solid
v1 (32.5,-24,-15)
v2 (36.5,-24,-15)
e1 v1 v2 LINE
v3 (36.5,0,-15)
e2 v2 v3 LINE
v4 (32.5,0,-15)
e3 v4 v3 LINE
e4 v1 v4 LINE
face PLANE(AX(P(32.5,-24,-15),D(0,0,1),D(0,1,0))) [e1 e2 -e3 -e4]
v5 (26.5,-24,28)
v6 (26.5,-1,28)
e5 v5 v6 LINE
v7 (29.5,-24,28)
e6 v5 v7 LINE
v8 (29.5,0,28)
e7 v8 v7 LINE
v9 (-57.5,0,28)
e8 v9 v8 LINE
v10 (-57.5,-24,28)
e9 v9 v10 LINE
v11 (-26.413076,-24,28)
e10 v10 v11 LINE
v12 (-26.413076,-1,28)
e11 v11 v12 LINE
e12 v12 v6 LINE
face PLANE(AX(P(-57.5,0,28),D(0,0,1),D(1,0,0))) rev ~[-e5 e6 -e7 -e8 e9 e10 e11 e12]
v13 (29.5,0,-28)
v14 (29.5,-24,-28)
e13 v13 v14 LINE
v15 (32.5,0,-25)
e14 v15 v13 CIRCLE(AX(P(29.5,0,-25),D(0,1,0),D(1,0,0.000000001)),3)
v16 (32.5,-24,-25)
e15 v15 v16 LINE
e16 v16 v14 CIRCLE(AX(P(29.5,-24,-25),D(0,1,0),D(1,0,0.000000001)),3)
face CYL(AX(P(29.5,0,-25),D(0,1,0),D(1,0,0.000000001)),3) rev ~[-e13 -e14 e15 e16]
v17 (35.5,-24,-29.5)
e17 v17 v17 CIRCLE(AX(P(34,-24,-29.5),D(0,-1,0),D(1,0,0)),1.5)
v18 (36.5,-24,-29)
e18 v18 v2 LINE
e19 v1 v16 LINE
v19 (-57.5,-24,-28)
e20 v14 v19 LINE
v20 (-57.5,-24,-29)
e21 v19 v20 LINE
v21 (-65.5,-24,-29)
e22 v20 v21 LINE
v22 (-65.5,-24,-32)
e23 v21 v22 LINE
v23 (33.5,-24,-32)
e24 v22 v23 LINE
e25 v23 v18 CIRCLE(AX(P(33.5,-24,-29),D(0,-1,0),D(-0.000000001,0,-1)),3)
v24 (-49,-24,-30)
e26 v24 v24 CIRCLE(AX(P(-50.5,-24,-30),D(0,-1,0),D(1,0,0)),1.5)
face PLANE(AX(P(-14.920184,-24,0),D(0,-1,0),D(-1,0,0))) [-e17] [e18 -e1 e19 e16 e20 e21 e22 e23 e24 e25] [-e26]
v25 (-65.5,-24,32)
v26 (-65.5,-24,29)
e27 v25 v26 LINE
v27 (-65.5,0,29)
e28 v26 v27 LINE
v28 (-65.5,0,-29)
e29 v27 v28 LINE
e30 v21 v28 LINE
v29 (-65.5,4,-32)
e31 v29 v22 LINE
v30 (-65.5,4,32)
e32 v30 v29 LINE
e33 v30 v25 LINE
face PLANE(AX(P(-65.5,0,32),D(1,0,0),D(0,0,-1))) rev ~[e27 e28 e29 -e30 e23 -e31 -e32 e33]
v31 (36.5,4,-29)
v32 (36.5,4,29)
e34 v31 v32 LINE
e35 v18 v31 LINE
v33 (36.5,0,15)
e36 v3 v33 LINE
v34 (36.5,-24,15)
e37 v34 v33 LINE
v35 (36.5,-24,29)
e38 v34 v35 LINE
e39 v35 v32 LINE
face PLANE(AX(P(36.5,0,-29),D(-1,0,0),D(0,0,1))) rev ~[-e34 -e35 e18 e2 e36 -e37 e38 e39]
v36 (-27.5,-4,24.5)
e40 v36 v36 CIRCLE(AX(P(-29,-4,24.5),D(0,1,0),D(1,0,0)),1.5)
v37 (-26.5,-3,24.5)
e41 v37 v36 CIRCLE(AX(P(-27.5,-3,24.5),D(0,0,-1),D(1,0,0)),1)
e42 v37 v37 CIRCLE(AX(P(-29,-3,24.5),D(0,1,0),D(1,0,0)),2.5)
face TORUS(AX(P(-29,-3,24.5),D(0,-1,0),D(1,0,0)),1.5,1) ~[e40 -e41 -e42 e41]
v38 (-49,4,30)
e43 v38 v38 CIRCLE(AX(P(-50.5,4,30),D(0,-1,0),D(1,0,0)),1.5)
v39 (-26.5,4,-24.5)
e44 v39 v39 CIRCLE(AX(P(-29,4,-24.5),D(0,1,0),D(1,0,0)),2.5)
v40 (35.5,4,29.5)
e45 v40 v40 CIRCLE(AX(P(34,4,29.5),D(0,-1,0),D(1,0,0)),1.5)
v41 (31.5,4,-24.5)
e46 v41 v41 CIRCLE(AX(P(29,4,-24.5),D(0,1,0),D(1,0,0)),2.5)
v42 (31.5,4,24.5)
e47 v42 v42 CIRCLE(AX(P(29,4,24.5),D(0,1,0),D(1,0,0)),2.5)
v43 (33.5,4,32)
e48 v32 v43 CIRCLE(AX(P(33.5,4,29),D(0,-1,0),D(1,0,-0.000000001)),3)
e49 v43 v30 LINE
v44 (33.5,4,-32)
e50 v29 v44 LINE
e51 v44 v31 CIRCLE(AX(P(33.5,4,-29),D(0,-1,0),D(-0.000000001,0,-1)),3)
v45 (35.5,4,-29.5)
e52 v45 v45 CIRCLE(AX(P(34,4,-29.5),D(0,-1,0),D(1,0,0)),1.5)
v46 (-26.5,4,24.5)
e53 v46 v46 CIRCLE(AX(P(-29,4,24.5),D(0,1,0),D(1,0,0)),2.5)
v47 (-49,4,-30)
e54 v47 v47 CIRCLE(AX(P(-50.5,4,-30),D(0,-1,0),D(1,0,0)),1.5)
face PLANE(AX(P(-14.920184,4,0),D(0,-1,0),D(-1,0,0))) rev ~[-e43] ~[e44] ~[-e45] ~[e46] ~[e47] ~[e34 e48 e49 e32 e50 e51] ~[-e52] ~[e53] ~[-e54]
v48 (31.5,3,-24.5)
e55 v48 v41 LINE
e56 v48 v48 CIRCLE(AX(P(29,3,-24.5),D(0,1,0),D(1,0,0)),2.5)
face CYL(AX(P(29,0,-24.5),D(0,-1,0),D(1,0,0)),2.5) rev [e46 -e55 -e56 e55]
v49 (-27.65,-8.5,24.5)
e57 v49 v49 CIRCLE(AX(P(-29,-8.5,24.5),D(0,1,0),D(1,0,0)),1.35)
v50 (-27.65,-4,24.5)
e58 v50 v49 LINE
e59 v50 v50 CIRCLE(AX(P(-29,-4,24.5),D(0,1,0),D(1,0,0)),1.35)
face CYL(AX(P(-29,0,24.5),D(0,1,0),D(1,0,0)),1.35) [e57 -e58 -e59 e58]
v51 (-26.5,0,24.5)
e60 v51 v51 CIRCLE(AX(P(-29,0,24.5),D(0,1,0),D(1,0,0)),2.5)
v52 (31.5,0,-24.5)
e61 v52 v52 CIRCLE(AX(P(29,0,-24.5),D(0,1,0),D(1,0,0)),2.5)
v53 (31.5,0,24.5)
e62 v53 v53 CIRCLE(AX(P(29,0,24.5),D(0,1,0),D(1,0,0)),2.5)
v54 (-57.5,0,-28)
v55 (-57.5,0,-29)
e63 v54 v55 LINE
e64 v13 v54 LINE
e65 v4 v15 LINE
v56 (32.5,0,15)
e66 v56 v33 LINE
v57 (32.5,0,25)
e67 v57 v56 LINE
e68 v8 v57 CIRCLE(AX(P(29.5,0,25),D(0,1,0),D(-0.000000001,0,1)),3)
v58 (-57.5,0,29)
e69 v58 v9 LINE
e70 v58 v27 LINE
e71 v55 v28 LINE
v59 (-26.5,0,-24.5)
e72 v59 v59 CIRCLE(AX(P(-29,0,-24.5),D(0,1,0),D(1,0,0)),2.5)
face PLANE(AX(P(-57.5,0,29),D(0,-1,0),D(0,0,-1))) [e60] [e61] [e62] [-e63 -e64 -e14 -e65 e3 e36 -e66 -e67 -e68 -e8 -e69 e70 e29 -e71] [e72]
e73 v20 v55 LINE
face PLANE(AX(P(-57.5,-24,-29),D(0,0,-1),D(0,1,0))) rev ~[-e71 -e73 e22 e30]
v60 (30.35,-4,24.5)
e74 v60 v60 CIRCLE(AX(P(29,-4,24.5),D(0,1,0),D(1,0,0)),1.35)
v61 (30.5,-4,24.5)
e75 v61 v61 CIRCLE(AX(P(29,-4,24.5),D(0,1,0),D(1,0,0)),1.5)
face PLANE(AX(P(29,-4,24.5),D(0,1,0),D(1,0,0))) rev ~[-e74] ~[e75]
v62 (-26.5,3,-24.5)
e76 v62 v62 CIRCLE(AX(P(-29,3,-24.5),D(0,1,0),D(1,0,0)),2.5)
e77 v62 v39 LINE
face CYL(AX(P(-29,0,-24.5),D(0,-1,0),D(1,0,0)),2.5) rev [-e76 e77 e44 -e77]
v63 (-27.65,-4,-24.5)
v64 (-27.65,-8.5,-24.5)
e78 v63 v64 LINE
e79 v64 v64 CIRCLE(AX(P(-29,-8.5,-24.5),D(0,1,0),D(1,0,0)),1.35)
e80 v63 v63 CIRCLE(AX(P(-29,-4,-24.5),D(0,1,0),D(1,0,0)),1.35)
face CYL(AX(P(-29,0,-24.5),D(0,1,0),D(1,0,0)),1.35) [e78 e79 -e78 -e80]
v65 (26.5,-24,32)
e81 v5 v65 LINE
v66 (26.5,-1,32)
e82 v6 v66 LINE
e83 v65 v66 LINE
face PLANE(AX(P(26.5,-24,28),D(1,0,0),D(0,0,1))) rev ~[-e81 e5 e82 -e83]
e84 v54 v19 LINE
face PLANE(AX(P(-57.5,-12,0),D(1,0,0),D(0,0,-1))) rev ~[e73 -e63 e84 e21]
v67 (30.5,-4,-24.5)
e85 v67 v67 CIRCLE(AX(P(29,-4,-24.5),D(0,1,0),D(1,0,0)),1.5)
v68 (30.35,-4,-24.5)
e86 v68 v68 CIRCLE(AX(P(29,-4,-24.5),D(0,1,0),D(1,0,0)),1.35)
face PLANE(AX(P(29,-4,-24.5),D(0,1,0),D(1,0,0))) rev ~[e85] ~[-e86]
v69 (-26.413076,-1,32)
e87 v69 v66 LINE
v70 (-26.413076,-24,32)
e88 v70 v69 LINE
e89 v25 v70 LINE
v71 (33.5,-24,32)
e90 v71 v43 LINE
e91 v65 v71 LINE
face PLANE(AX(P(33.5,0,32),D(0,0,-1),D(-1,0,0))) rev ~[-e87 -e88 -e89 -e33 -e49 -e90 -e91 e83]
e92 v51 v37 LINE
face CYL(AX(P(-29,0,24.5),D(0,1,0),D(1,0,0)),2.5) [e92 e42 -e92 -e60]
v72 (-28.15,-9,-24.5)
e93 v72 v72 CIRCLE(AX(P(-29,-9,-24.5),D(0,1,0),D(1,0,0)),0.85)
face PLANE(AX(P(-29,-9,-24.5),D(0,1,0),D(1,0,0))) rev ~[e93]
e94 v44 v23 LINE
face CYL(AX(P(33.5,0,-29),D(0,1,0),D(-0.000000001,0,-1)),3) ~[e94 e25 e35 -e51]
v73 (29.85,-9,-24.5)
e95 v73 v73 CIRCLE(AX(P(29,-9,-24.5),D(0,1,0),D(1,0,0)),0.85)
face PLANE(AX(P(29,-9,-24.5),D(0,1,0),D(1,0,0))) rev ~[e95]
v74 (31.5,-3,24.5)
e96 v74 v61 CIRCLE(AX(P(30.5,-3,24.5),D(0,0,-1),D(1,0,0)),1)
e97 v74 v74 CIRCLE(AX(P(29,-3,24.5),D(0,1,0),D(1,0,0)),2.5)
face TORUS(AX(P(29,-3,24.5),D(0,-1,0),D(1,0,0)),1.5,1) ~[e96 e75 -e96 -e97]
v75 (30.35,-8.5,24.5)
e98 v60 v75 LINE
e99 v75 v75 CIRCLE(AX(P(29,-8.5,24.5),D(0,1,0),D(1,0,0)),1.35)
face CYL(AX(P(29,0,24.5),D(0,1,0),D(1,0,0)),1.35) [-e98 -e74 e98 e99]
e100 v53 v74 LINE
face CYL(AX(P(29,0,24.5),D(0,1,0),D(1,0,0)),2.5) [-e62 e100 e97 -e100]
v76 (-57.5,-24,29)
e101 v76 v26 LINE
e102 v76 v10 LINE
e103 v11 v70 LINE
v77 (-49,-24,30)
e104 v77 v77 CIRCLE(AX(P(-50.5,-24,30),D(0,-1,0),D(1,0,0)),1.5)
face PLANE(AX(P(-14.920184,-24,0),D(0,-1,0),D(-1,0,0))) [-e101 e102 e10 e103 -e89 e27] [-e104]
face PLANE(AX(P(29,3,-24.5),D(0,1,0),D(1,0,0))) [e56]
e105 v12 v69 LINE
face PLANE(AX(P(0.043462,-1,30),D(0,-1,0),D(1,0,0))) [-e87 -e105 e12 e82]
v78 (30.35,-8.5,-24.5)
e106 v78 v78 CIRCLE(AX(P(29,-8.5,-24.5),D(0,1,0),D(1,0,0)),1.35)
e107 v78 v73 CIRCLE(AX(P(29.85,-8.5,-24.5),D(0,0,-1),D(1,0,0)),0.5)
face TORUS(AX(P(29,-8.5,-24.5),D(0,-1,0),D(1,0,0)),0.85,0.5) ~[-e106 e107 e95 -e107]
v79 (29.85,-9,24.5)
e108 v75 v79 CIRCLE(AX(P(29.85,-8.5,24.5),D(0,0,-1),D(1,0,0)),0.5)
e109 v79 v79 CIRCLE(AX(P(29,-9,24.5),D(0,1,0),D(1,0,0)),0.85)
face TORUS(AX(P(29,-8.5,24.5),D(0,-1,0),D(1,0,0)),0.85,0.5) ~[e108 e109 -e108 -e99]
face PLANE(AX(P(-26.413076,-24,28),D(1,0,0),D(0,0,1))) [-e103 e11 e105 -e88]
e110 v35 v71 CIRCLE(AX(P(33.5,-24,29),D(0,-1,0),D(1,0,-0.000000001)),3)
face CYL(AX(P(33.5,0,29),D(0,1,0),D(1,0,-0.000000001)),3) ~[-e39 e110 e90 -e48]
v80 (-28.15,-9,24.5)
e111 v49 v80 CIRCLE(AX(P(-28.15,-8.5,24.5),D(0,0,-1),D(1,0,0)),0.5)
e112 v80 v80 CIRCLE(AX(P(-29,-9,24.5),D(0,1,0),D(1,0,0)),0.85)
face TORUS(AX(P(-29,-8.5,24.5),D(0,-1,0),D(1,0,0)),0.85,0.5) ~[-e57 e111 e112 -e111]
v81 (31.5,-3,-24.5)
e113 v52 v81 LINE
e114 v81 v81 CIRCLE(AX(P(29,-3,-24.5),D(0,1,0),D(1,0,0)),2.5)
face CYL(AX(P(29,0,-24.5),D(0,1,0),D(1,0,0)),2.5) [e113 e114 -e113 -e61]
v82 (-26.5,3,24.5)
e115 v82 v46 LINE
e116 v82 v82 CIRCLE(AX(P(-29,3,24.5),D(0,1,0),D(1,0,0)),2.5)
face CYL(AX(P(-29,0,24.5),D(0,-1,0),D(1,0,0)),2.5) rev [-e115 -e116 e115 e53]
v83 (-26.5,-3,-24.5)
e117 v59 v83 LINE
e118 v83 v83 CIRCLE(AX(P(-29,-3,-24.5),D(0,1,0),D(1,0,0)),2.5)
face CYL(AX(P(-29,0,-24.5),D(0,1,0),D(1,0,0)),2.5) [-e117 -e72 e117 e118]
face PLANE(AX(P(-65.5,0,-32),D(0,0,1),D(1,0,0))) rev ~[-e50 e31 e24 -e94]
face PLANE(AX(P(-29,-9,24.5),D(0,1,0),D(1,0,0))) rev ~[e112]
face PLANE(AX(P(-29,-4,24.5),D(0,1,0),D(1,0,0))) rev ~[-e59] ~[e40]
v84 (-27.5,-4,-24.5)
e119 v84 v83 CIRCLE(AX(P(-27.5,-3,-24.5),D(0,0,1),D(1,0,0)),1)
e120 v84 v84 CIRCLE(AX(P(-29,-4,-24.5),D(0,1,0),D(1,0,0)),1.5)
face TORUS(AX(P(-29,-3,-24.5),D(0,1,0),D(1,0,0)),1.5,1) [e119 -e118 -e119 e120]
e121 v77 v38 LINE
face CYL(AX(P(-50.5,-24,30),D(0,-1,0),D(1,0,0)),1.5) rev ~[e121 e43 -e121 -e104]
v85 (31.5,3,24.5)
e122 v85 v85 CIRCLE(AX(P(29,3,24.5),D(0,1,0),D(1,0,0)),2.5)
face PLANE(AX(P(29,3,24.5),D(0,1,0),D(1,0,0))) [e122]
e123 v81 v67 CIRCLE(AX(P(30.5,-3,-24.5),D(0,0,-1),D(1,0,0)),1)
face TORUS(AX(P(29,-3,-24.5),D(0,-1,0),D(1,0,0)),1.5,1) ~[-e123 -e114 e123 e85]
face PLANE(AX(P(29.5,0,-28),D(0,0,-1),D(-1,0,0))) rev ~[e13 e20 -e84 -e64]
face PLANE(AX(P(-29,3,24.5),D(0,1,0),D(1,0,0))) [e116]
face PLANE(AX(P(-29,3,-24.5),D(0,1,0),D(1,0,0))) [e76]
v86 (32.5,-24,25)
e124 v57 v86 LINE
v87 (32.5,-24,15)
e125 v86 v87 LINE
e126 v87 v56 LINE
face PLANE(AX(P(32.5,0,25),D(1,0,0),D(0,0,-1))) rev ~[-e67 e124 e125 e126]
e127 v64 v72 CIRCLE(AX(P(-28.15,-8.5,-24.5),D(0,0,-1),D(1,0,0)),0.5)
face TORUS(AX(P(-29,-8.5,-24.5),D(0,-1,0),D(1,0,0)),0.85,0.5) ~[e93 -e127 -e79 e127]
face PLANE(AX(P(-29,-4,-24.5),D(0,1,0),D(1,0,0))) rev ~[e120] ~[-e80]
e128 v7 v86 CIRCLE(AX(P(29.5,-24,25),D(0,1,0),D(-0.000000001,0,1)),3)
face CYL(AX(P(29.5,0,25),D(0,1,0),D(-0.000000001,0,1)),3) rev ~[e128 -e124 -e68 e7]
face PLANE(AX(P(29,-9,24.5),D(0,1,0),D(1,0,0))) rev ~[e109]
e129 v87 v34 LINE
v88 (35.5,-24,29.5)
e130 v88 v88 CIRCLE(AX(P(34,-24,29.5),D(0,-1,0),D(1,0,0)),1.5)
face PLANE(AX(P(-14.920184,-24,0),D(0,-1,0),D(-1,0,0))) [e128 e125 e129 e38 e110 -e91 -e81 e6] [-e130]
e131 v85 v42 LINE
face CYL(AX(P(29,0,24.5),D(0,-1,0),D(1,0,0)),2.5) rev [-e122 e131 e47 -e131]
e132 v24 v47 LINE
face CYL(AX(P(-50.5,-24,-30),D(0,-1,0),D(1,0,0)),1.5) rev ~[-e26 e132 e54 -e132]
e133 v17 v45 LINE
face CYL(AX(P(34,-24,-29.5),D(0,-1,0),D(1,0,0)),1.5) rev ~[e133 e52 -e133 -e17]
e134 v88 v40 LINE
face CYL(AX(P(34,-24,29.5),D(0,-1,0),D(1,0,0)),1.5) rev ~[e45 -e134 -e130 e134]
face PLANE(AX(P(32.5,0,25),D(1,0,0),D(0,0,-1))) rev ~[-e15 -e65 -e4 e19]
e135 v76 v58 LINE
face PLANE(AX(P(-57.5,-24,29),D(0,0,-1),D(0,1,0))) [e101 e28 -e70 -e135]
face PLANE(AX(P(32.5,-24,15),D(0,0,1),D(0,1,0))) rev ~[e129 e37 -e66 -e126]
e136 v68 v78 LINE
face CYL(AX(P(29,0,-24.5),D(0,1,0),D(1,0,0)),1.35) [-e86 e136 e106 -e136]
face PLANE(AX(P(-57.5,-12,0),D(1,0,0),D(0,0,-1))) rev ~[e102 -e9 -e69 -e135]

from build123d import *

# Parameters (mm, degrees)
SKETCH1_R                = 1.35
BOSS_EXTRUDE1_DEPTH      = 4
BOSS_EXTRUDE1_2_DEPTH    = 4
BOSS_EXTRUDE1_3_DEPTH    = 4
BOSS_EXTRUDE1_4_DEPTH    = 4
SKETCH1_R_2              = 2.5
BOSS_EXTRUDE1_5_DEPTH    = 4
SKETCH1_3_R              = 2.5
SKETCH1_3_R_2            = 1.35
BOSS_EXTRUDE2_DEPTH      = 4
BOSS_EXTRUDE2_2_DEPTH    = 4
BOSS_EXTRUDE2_3_DEPTH    = 4
BOSS_EXTRUDE2_4_DEPTH    = 4
SKETCH5_R                = 1.35
CUT_EXTRUDE3_DEPTH       = 5
CUT_EXTRUDE3_DEPTH_BACK  = 5
SKETCH1_4_R              = 2.5
SKETCH1_4_R_2            = 1.35
BOSS_EXTRUDE3_DEPTH      = 3
BOSS_EXTRUDE4_DEPTH      = 24
SKETCH7_W                = 58
SKETCH7_H                = 24
CUT_EXTRUDE4_DEPTH       = 9
SKETCH8_W                = 30
SKETCH8_H                = 24
CUT_EXTRUDE5_DEPTH       = 5
SKETCH13_W               = 52.913076041
SKETCH13_H               = 4
CUT_EXTRUDE6_DEPTH       = 1
CUT_EXTRUDE6_DEPTH_BACK  = 23
SKETCH1_6_R              = 1.35
BOSS_EXTRUDE5_DEPTH      = 3
BOSS_EXTRUDE5_DEPTH_BACK = 9
FILLET2_R                = 0.5
FILLET3_R                = 0.5
FILLET4_R                = 1
FILLET5_R                = 1
SKETCH15_R               = 1.5
CUT_EXTRUDE7_DEPTH       = 1
CUT_EXTRUDE7_DEPTH_BACK  = 29


with BuildPart() as part:
    # Sketch1 → Boss-Extrude1 (new body)
    with BuildSketch(Plane(origin=(0, 0, 0), x_dir=(1, 0, 0), z_dir=(0, 1, 0))):
        with Locations((-29, 24.5)):
            Circle(SKETCH1_R)
    extrude(amount=BOSS_EXTRUDE1_DEPTH)


with BuildPart() as body_2:
    # Sketch1 → Boss-Extrude1 2 (new body)
    with BuildSketch(Plane(origin=(0, 0, 0), x_dir=(1, 0, 0), z_dir=(0, 1, 0))):
        with Locations((29, 24.5)):
            Circle(SKETCH1_R)
    extrude(amount=BOSS_EXTRUDE1_2_DEPTH)


with BuildPart() as body_3:
    # Sketch1 → Boss-Extrude1 3 (new body)
    with BuildSketch(Plane(origin=(0, 0, 0), x_dir=(1, 0, 0), z_dir=(0, 1, 0))):
        with Locations((29, -24.5)):
            Circle(SKETCH1_R)
    extrude(amount=BOSS_EXTRUDE1_3_DEPTH)


with BuildPart() as body_4:
    # Sketch1 → Boss-Extrude1 4 (new body)
    with BuildSketch(Plane(origin=(0, 0, 0), x_dir=(1, 0, 0), z_dir=(0, 1, 0))):
        with Locations((-29, -24.5)):
            Circle(SKETCH1_R)
    extrude(amount=BOSS_EXTRUDE1_4_DEPTH)


with BuildPart() as body_5:
    # Sketch1 → Boss-Extrude1 5 (new body)
    with BuildSketch(Plane(origin=(0, 0, 0), x_dir=(1, 0, 0), z_dir=(0, 1, 0))):
        with BuildLine():
            Line((33.5, -32), (-65.5, -32))
            Line((-65.5, -32), (-65.5, 32))
            Line((-65.5, 32), (33.5, 32))
            ThreePointArc((33.5, 32), (35.621320344, 31.121320344), (36.5, 29))
            Line((36.5, 29), (36.5, -29))
            ThreePointArc((36.5, -29), (35.621320344, -31.121320344), (33.5, -32))
        make_face()
        with Locations((-29, 24.5)):
            Circle(SKETCH1_R_2, mode=Mode.SUBTRACT)
        with Locations((-29, -24.5)):
            Circle(SKETCH1_R_2, mode=Mode.SUBTRACT)
        with Locations((29, -24.5)):
            Circle(SKETCH1_R_2, mode=Mode.SUBTRACT)
        with Locations((29, 24.5)):
            Circle(SKETCH1_R_2, mode=Mode.SUBTRACT)
    extrude(amount=BOSS_EXTRUDE1_5_DEPTH)



with BuildPart() as body_6:
    # Sketch1<3> → Boss-Extrude2 (new body)
    with BuildSketch(Plane(origin=(0, 0, 0), x_dir=(1, 0, 0), z_dir=(0, 1, 0))):
        with Locations((-29, 24.5)):
            Circle(SKETCH1_3_R)
        with Locations((-29, 24.5)):
            Circle(SKETCH1_3_R_2, mode=Mode.SUBTRACT)
    extrude(amount=-BOSS_EXTRUDE2_DEPTH)


with BuildPart() as body_7:
    # Sketch1<3> → Boss-Extrude2 2 (new body)
    with BuildSketch(Plane(origin=(0, 0, 0), x_dir=(1, 0, 0), z_dir=(0, 1, 0))):
        with Locations((-29, -24.5)):
            Circle(SKETCH1_3_R)
        with Locations((-29, -24.5)):
            Circle(SKETCH1_3_R_2, mode=Mode.SUBTRACT)
    extrude(amount=-BOSS_EXTRUDE2_2_DEPTH)


with BuildPart() as body_8:
    # Sketch1<3> → Boss-Extrude2 3 (new body)
    with BuildSketch(Plane(origin=(0, 0, 0), x_dir=(1, 0, 0), z_dir=(0, 1, 0))):
        with Locations((29, -24.5)):
            Circle(SKETCH1_3_R)
        with Locations((29, -24.5)):
            Circle(SKETCH1_3_R_2, mode=Mode.SUBTRACT)
    extrude(amount=-BOSS_EXTRUDE2_3_DEPTH)


with BuildPart() as body_9:
    # Sketch1<3> → Boss-Extrude2 4 (new body)
    with BuildSketch(Plane(origin=(0, 0, 0), x_dir=(1, 0, 0), z_dir=(0, 1, 0))):
        with Locations((29, 24.5)):
            Circle(SKETCH1_3_R)
        with Locations((29, 24.5)):
            Circle(SKETCH1_3_R_2, mode=Mode.SUBTRACT)
    extrude(amount=-BOSS_EXTRUDE2_4_DEPTH)


with BuildPart() as cut_extrude3_tool:
    # Sketch5 → Cut-Extrude3 (new body, two sides)
    with BuildSketch(Plane.XZ) as cut_extrude3_sk:
        with Locations((-29, -24.5)):
            Circle(SKETCH5_R)
        with Locations((-29, 24.5)):
            Circle(SKETCH5_R)
        with Locations((29, 24.5)):
            Circle(SKETCH5_R)
        with Locations((29, -24.5)):
            Circle(SKETCH5_R)
    extrude(amount=CUT_EXTRUDE3_DEPTH)
    extrude(cut_extrude3_sk.sketch, amount=-CUT_EXTRUDE3_DEPTH_BACK)


with BuildPart() as part_1:
    add(part.part)

    # Cut-Extrude3: cut by cut_extrude3_tool
    add(cut_extrude3_tool.part, mode=Mode.SUBTRACT)


with BuildPart() as body_2_1:
    add(body_2.part)

    # Cut-Extrude3: cut by cut_extrude3_tool
    add(cut_extrude3_tool.part, mode=Mode.SUBTRACT)


with BuildPart() as body_3_1:
    add(body_3.part)

    # Cut-Extrude3: cut by cut_extrude3_tool
    add(cut_extrude3_tool.part, mode=Mode.SUBTRACT)


with BuildPart() as body_4_1:
    add(body_4.part)

    # Cut-Extrude3: cut by cut_extrude3_tool
    add(cut_extrude3_tool.part, mode=Mode.SUBTRACT)


with BuildPart() as body_5_1:
    add(body_5.part)

    add(body_6.part)  # Boss-Extrude3 merges body 6

    add(body_7.part)  # Boss-Extrude3 merges body 7

    add(body_8.part)  # Boss-Extrude3 merges body 8

    add(body_9.part)  # Boss-Extrude3 merges body 9
    # Sketch1<4> → Boss-Extrude3 (add)
    with BuildSketch(Plane(origin=(0, 0, 0), x_dir=(1, 0, 0), z_dir=(0, 1, 0))):
        with Locations((-29, 24.5)):
            Circle(SKETCH1_4_R)
        with Locations((-29, 24.5)):
            Circle(SKETCH1_4_R_2, mode=Mode.SUBTRACT)
        with Locations((29, 24.5)):
            Circle(SKETCH1_4_R)
        with Locations((29, 24.5)):
            Circle(SKETCH1_4_R_2, mode=Mode.SUBTRACT)
        with Locations((29, -24.5)):
            Circle(SKETCH1_4_R)
        with Locations((29, -24.5)):
            Circle(SKETCH1_4_R_2, mode=Mode.SUBTRACT)
        with Locations((-29, -24.5)):
            Circle(SKETCH1_4_R)
        with Locations((-29, -24.5)):
            Circle(SKETCH1_4_R_2, mode=Mode.SUBTRACT)
    extrude(amount=BOSS_EXTRUDE3_DEPTH)

    # Sketch1<5> → Boss-Extrude4 (add)
    with BuildSketch(Plane(origin=(0, 0, 0), x_dir=(1, 0, 0), z_dir=(0, 1, 0))):
        with BuildLine():
            Line((33.5, -32), (-65.5, -32))
            Line((-65.5, -32), (-65.5, 32))
            Line((-65.5, 32), (33.5, 32))
            ThreePointArc((33.5, 32), (35.621320344, 31.121320344), (36.5, 29))
            Line((36.5, 29), (36.5, -29))
            ThreePointArc((36.5, -29), (35.621320344, -31.121320344), (33.5, -32))
        make_face()
        with BuildLine():
            ThreePointArc((29.5, -28), (31.621320344, -27.121320344), (32.5, -25))
            Line((32.5, -25), (32.5, 25))
            ThreePointArc((32.5, 25), (31.621320344, 27.121320344), (29.5, 28))
            Line((29.5, 28), (-57.5, 28))
            Line((-57.5, 28), (-57.5, -28))
            Line((-57.5, -28), (29.5, -28))
        make_face(mode=Mode.SUBTRACT)
    extrude(amount=-BOSS_EXTRUDE4_DEPTH)

    # Sketch7 → Cut-Extrude4 (cut, through all)
    with BuildSketch(Plane(origin=(-57.5, 0, 0), x_dir=(0, 0, -1), z_dir=(1, 0, 0))):
        with Locations((0, -12)):
            Rectangle(SKETCH7_W, SKETCH7_H)
    extrude(amount=-CUT_EXTRUDE4_DEPTH, mode=Mode.SUBTRACT)

    # Sketch8 → Cut-Extrude5 (cut, through all)
    with BuildSketch(Plane.ZY.offset(-32.5)):
        with Locations((0, -12)):
            Rectangle(SKETCH8_W, SKETCH8_H)
    extrude(amount=-CUT_EXTRUDE5_DEPTH, mode=Mode.SUBTRACT)

    # Sketch13 → Cut-Extrude6 (cut, two sides)
    with BuildSketch(Plane.XZ.offset(24)) as cut_extrude6_sk:
        with Locations((0.043461979, 30)):
            Rectangle(SKETCH13_W, SKETCH13_H)
    extrude(amount=CUT_EXTRUDE6_DEPTH, mode=Mode.SUBTRACT)
    extrude(cut_extrude6_sk.sketch, amount=-CUT_EXTRUDE6_DEPTH_BACK, mode=Mode.SUBTRACT)

    # Sketch1<6> → Boss-Extrude5 (add, two sides)
    with BuildSketch(Plane(origin=(0, 0, 0), x_dir=(1, 0, 0), z_dir=(0, 1, 0))) as boss_extrude5_sk:
        with Locations((29, 24.5)):
            Circle(SKETCH1_6_R)
        with Locations((-29, 24.5)):
            Circle(SKETCH1_6_R)
        with Locations((-29, -24.5)):
            Circle(SKETCH1_6_R)
        with Locations((29, -24.5)):
            Circle(SKETCH1_6_R)
    extrude(amount=BOSS_EXTRUDE5_DEPTH)
    extrude(boss_extrude5_sk.sketch, amount=-BOSS_EXTRUDE5_DEPTH_BACK)

    # Fillet2
    fillet2_edges = [body_5_1.edges().sort_by_distance(p)[0] for p in [
        (27.65, -9, 24.5),
    ]]
    fillet(fillet2_edges, radius=FILLET2_R)

    # Fillet3
    fillet3_edges = [body_5_1.edges().sort_by_distance(p)[0] for p in [
        (27.65, -9, -24.5),
        (-30.35, -9, -24.5),
        (-30.35, -9, 24.5),
    ]]
    fillet(fillet3_edges, radius=FILLET3_R)

    # Fillet4
    fillet4_edges = [body_5_1.edges().sort_by_distance(p)[0] for p in [
        (-31.5, -4, -24.5),
    ]]
    fillet(fillet4_edges, radius=FILLET4_R)

    # Fillet5
    fillet5_edges = [body_5_1.edges().sort_by_distance(p)[0] for p in [
        (26.5, -4, -24.5),
        (26.5, -4, 24.5),
        (-31.5, -4, 24.5),
    ]]
    fillet(fillet5_edges, radius=FILLET5_R)

    # Sketch15 → Cut-Extrude7 (cut, two sides)
    with BuildSketch(Plane.XZ.offset(24)) as cut_extrude7_sk:
        with Locations((34, -29.5)):
            Circle(SKETCH15_R)
        with Locations((34, 29.5)):
            Circle(SKETCH15_R)
        with Locations((-50.5, 30)):
            Circle(SKETCH15_R)
        with Locations((-50.5, -30)):
            Circle(SKETCH15_R)
    extrude(amount=CUT_EXTRUDE7_DEPTH, mode=Mode.SUBTRACT)
    extrude(cut_extrude7_sk.sketch, amount=-CUT_EXTRUDE7_DEPTH_BACK, mode=Mode.SUBTRACT)


solid = body_5_1.part
